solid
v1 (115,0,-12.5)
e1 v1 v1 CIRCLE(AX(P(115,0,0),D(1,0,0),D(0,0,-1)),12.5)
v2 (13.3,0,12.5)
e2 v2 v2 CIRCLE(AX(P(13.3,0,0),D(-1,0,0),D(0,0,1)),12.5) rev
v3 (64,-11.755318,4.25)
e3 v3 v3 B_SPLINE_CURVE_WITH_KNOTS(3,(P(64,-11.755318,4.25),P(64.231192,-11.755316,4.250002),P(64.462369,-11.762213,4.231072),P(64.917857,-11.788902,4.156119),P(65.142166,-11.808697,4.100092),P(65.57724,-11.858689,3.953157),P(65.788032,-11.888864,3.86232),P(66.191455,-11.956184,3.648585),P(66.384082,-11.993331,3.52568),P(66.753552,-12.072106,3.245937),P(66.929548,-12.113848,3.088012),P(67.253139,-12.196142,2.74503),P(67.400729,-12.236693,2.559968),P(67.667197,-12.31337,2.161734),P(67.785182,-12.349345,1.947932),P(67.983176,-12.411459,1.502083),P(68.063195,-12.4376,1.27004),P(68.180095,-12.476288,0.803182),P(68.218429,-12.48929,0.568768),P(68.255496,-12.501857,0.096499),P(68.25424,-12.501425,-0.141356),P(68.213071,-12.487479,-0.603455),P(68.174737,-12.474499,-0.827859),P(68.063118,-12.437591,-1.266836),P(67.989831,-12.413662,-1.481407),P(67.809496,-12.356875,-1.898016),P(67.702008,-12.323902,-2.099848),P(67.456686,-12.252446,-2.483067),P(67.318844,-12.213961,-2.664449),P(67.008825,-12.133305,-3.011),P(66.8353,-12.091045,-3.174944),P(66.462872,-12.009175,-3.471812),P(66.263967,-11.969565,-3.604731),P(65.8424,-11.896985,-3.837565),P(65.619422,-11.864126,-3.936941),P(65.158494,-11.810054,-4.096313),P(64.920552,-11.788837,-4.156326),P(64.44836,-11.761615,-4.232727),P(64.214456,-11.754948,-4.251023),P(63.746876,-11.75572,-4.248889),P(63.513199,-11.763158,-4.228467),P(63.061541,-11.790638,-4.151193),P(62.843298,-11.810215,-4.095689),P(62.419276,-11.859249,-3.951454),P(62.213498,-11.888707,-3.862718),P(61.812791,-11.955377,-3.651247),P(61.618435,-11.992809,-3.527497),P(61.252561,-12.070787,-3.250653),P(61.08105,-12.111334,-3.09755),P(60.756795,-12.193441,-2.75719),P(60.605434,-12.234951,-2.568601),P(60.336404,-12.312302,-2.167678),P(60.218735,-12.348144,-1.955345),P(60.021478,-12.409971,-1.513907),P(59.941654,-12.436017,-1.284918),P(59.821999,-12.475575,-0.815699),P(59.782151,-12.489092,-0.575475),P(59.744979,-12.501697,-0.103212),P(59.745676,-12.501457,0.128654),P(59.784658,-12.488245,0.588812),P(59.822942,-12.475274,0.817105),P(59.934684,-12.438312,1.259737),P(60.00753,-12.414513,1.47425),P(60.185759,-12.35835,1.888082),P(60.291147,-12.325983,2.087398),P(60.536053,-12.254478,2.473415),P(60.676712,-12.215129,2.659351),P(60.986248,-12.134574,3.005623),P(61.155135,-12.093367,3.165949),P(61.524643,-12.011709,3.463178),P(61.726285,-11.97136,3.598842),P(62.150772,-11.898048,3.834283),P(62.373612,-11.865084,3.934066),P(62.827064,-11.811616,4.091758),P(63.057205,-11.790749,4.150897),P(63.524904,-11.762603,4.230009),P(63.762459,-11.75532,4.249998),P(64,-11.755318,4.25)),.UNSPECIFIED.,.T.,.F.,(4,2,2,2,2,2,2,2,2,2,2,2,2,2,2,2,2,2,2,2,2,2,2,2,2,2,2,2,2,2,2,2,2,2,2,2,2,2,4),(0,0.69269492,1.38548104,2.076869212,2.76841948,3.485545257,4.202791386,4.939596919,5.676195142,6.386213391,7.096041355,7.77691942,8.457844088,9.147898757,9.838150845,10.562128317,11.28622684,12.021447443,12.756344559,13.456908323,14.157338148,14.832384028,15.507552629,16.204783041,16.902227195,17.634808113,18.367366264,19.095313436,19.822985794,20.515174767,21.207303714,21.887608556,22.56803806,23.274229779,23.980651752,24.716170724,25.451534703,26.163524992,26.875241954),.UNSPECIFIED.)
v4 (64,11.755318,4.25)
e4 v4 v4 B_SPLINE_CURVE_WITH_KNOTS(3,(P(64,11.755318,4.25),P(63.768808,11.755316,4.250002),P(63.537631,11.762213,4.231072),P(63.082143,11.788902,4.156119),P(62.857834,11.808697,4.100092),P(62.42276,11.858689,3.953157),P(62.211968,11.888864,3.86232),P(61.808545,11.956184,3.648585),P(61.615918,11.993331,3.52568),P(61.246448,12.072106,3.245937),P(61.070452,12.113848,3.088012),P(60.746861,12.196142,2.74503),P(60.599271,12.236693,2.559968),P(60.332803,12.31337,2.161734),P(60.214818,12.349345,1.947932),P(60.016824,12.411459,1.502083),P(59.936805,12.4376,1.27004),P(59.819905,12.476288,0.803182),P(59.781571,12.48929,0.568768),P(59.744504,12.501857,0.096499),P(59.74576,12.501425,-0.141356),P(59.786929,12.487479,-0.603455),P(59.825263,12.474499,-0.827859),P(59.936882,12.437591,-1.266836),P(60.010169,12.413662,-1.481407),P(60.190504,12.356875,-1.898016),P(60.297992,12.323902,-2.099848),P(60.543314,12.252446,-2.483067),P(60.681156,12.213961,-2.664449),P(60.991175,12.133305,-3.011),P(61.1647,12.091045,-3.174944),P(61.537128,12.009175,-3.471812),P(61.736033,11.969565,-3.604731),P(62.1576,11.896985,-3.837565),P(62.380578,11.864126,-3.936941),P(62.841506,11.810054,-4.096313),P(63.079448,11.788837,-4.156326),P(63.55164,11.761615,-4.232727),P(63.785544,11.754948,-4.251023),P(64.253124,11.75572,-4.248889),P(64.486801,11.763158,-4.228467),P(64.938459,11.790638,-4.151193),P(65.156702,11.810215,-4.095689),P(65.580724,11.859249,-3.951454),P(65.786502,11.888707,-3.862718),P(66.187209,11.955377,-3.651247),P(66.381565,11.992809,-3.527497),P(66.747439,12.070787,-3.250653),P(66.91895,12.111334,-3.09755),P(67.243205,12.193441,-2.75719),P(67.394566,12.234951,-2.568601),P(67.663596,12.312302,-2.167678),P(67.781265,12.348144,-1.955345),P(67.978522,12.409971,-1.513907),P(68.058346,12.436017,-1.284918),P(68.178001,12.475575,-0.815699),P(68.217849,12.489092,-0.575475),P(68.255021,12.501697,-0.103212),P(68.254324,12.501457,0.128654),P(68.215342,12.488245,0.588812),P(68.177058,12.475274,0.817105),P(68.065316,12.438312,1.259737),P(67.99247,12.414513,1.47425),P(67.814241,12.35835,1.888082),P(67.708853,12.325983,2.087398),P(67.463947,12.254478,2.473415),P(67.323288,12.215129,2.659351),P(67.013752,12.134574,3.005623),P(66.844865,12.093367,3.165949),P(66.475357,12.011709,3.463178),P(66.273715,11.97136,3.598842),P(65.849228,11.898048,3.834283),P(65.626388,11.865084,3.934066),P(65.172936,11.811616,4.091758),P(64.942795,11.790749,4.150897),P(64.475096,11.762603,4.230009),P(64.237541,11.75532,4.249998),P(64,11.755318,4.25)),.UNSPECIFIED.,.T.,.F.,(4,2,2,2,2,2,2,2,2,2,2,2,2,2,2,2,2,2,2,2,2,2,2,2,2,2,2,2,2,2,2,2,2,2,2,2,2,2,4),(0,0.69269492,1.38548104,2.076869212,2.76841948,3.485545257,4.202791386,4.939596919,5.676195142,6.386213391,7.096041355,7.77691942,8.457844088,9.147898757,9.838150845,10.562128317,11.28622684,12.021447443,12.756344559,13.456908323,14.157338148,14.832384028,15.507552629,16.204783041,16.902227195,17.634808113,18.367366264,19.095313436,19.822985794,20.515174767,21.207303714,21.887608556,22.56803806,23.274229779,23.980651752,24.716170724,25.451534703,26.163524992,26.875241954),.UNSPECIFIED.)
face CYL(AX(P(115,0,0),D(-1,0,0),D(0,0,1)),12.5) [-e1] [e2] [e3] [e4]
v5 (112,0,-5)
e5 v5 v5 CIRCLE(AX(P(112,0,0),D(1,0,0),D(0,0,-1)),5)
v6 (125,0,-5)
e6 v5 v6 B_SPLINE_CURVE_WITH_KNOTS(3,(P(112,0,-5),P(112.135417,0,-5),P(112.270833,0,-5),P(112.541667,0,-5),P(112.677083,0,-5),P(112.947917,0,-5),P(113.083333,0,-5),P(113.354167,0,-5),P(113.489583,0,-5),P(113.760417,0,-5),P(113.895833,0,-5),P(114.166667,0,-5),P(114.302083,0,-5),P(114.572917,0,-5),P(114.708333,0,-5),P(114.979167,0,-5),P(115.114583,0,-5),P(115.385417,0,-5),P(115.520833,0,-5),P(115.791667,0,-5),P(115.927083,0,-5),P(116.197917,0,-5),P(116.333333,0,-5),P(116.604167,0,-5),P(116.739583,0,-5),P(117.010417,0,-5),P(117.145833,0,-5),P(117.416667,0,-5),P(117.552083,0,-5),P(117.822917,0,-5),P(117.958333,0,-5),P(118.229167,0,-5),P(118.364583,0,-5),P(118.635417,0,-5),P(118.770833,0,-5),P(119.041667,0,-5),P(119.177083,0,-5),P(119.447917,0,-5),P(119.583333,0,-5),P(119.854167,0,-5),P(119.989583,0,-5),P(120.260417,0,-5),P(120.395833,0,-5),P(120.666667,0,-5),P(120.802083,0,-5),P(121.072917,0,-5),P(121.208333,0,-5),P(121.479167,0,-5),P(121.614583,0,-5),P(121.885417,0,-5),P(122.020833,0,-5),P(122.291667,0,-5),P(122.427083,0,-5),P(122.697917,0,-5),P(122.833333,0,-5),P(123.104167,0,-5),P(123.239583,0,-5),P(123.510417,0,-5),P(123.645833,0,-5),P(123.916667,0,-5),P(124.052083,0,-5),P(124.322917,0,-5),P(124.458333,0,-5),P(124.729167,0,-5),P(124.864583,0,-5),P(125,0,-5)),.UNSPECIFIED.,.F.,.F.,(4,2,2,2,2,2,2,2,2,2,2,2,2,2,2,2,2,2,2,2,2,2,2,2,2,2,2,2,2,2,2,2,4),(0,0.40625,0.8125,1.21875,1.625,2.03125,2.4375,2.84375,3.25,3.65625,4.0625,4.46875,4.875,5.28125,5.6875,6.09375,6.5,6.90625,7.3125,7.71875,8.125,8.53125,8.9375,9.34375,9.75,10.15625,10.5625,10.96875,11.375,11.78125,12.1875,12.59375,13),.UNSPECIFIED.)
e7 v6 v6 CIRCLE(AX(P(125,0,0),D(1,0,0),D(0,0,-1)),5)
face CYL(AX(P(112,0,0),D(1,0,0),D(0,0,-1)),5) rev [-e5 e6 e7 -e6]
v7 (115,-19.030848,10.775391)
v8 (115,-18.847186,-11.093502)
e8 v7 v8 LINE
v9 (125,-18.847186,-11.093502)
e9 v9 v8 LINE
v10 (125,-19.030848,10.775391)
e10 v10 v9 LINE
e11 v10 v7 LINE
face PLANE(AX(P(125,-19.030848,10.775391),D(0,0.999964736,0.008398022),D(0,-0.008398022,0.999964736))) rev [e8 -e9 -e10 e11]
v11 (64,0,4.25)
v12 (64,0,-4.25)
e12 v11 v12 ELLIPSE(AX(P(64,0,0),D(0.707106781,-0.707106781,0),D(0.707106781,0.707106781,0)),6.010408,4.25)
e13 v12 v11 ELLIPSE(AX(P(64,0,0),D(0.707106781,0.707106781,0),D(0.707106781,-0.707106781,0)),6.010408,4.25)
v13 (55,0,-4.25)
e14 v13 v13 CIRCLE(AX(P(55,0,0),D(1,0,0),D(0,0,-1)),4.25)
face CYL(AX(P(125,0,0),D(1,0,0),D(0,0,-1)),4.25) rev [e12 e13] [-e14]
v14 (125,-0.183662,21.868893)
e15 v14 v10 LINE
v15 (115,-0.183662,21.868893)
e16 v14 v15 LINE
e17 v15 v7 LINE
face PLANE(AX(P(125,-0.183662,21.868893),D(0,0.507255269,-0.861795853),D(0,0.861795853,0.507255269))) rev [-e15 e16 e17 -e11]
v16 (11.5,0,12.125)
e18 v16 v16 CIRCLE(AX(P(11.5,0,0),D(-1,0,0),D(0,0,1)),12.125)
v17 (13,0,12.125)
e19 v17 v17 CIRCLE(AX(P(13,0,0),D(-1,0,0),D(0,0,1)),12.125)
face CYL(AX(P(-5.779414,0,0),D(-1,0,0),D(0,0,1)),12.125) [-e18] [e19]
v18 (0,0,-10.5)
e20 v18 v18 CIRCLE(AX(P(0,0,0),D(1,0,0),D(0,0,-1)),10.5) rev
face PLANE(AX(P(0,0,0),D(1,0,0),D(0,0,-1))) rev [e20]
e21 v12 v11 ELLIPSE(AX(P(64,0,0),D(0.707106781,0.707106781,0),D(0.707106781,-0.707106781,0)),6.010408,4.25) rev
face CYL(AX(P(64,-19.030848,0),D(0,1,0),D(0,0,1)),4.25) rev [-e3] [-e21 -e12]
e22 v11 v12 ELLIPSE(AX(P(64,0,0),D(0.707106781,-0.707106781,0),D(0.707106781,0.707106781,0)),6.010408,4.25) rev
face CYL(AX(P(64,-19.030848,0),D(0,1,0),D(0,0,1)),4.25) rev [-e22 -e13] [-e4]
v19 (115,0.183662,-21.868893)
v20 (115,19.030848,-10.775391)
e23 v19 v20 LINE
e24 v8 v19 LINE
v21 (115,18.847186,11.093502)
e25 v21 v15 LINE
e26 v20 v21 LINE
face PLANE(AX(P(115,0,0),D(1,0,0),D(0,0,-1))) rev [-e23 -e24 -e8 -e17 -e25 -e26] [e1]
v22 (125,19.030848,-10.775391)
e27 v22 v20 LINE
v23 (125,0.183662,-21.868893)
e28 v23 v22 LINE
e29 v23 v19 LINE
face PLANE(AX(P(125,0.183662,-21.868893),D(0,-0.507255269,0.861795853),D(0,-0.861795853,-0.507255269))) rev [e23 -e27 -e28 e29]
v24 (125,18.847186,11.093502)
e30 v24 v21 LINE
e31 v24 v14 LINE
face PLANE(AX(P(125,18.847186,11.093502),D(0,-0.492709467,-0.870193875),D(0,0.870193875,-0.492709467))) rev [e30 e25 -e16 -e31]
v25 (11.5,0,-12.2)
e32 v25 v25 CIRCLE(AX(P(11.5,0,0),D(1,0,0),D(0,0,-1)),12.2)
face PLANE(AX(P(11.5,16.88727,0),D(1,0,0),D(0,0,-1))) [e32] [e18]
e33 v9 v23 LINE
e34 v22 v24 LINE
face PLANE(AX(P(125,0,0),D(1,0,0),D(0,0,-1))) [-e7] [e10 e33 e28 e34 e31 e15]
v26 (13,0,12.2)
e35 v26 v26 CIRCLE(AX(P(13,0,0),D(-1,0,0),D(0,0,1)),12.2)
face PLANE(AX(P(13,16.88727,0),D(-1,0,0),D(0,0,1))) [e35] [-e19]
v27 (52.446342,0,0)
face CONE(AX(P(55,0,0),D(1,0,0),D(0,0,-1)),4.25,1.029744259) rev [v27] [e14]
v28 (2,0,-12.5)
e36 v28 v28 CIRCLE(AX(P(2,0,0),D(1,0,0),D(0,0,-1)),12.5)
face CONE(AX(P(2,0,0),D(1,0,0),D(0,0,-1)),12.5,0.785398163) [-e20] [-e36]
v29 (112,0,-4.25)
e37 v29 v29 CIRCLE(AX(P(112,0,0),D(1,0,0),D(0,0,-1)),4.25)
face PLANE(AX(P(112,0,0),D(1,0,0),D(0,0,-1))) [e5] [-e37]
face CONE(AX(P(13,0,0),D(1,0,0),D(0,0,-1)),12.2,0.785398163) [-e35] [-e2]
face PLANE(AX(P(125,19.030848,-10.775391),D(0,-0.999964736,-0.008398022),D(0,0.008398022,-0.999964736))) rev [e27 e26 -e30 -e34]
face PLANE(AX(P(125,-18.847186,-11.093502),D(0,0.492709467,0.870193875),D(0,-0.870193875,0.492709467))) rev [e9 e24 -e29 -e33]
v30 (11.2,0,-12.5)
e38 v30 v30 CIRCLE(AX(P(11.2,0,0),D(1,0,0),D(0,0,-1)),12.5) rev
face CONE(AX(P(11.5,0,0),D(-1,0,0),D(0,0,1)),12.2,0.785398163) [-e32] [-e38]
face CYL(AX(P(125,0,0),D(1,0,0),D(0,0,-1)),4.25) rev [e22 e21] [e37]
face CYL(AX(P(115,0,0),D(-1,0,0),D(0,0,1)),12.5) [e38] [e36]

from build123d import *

# Parameters (mm, degrees)
SKETCH1_R                 = 12.5
BOSS_EXTRUDE1_DEPTH       = 115
CHAMFER1_SIZE             = 2
BOSS_EXTRUDE2_DEPTH       = 10
F_8_0MM_DOWEL_HOLE1_D     = 8.5
F_8_0MM_DOWEL_HOLE1_DEPTH = 70
F_8_0MM_DOWEL_HOLE1_TIP   = 2.553657631
CUT_EXTRUDE1_START        = -13
SKETCH7_R                 = 5
SKETCH7_R_2               = 4.25
CUT_EXTRUDE1_DEPTH        = 13
CUT_EXTRUDE2_DEPTH        = 129.317659161
CUT_EXTRUDE2_DEPTH_BACK   = 129.317659161
SKETCH10_R                = 4.25
SKETCH11_W                = 1.5
SKETCH11_H                = 4.762269722
CHAMFER2_SIZE             = 0.3
CHAMFER3_SIZE             = 0.3


with BuildPart() as part:
    # Sketch1 → Boss-Extrude1 (new body)
    with BuildSketch(Plane(origin=(0, 0, 0), x_dir=(0, 0, -1), z_dir=(1, 0, 0))):
        Circle(SKETCH1_R)
    extrude(amount=BOSS_EXTRUDE1_DEPTH)

    # Chamfer1
    chamfer1_edges = [part.edges().sort_by_distance(p)[0] for p in [
        (0, 0, 12.5),
    ]]
    chamfer(chamfer1_edges, length=CHAMFER1_SIZE)

    # Sketch3 → Boss-Extrude2 (add)
    with BuildSketch(Plane(origin=(115, 0, 0), x_dir=(0, 0, -1), z_dir=(1, 0, 0))):
        Polygon((11.093502405, -18.847185944), (21.86889302, 0.183661927), (10.775390615, 19.030847871), (-11.093502405, 18.847185944), (-21.86889302, -0.183661927), (-10.775390615, -19.030847871), align=None)
    extrude(amount=BOSS_EXTRUDE2_DEPTH)

    # Ø8.0mm Dowel Hole1
    with Locations(Plane(origin=(125, 0, 0), x_dir=(0, 0, -1), z_dir=(1, 0, 0))):
        with Locations((0, 0)):
            Hole(F_8_0MM_DOWEL_HOLE1_D / 2, depth=F_8_0MM_DOWEL_HOLE1_DEPTH)
            with Locations((0, 0, -(F_8_0MM_DOWEL_HOLE1_DEPTH + F_8_0MM_DOWEL_HOLE1_TIP / 2))):  # 118° drill point
                Cone(0, F_8_0MM_DOWEL_HOLE1_D / 2, F_8_0MM_DOWEL_HOLE1_TIP, mode=Mode.SUBTRACT)

    # Sketch7 → Cut-Extrude1 (cut)
    with BuildSketch(Plane(origin=(125, 0, 0), x_dir=(0, 0, -1), z_dir=(1, 0, 0)).offset(CUT_EXTRUDE1_START)):
        Circle(SKETCH7_R)
        Circle(SKETCH7_R_2, mode=Mode.SUBTRACT)
    extrude(amount=CUT_EXTRUDE1_DEPTH, mode=Mode.SUBTRACT)

    # Sketch10 → Cut-Extrude2 (cut, two sides: drawn at the far end of the back side and taken through both)
    with BuildSketch(Plane(origin=(0, 0, 0), x_dir=(1, 0, 0), z_dir=(0, 1, 0)).offset(-CUT_EXTRUDE2_DEPTH_BACK)):
        with Locations(Location((64, 0, 0), (0, 0, 270))):
            Circle(SKETCH10_R)
    extrude(amount=CUT_EXTRUDE2_DEPTH + CUT_EXTRUDE2_DEPTH_BACK, mode=Mode.SUBTRACT)

    # Sketch11 → Cut-Revolve3 (revolve, cut)
    with BuildSketch(Plane.XY, mode=Mode.PRIVATE) as cut_revolve3_sk:
        with Locations((12.25, 14.506134861)):
            Rectangle(SKETCH11_W, SKETCH11_H)
    revolve(cut_revolve3_sk.sketch.rotate(Axis((-5.779414499, 0, 0), (1, 0, 0)), 270), axis=Axis((-5.779414499, 0, 0), (1, 0, 0)), mode=Mode.SUBTRACT)

    # Chamfer2
    chamfer2_edges = [part.edges().sort_by_distance(p)[0] for p in [
        (13, 0, 12.5),
    ]]
    chamfer(chamfer2_edges, length=CHAMFER2_SIZE)

    # Chamfer3
    chamfer3_edges = [part.edges().sort_by_distance(p)[0] for p in [
        (11.5, 0, 12.5),
    ]]
    chamfer(chamfer3_edges, length=CHAMFER3_SIZE)


solid = part.part
